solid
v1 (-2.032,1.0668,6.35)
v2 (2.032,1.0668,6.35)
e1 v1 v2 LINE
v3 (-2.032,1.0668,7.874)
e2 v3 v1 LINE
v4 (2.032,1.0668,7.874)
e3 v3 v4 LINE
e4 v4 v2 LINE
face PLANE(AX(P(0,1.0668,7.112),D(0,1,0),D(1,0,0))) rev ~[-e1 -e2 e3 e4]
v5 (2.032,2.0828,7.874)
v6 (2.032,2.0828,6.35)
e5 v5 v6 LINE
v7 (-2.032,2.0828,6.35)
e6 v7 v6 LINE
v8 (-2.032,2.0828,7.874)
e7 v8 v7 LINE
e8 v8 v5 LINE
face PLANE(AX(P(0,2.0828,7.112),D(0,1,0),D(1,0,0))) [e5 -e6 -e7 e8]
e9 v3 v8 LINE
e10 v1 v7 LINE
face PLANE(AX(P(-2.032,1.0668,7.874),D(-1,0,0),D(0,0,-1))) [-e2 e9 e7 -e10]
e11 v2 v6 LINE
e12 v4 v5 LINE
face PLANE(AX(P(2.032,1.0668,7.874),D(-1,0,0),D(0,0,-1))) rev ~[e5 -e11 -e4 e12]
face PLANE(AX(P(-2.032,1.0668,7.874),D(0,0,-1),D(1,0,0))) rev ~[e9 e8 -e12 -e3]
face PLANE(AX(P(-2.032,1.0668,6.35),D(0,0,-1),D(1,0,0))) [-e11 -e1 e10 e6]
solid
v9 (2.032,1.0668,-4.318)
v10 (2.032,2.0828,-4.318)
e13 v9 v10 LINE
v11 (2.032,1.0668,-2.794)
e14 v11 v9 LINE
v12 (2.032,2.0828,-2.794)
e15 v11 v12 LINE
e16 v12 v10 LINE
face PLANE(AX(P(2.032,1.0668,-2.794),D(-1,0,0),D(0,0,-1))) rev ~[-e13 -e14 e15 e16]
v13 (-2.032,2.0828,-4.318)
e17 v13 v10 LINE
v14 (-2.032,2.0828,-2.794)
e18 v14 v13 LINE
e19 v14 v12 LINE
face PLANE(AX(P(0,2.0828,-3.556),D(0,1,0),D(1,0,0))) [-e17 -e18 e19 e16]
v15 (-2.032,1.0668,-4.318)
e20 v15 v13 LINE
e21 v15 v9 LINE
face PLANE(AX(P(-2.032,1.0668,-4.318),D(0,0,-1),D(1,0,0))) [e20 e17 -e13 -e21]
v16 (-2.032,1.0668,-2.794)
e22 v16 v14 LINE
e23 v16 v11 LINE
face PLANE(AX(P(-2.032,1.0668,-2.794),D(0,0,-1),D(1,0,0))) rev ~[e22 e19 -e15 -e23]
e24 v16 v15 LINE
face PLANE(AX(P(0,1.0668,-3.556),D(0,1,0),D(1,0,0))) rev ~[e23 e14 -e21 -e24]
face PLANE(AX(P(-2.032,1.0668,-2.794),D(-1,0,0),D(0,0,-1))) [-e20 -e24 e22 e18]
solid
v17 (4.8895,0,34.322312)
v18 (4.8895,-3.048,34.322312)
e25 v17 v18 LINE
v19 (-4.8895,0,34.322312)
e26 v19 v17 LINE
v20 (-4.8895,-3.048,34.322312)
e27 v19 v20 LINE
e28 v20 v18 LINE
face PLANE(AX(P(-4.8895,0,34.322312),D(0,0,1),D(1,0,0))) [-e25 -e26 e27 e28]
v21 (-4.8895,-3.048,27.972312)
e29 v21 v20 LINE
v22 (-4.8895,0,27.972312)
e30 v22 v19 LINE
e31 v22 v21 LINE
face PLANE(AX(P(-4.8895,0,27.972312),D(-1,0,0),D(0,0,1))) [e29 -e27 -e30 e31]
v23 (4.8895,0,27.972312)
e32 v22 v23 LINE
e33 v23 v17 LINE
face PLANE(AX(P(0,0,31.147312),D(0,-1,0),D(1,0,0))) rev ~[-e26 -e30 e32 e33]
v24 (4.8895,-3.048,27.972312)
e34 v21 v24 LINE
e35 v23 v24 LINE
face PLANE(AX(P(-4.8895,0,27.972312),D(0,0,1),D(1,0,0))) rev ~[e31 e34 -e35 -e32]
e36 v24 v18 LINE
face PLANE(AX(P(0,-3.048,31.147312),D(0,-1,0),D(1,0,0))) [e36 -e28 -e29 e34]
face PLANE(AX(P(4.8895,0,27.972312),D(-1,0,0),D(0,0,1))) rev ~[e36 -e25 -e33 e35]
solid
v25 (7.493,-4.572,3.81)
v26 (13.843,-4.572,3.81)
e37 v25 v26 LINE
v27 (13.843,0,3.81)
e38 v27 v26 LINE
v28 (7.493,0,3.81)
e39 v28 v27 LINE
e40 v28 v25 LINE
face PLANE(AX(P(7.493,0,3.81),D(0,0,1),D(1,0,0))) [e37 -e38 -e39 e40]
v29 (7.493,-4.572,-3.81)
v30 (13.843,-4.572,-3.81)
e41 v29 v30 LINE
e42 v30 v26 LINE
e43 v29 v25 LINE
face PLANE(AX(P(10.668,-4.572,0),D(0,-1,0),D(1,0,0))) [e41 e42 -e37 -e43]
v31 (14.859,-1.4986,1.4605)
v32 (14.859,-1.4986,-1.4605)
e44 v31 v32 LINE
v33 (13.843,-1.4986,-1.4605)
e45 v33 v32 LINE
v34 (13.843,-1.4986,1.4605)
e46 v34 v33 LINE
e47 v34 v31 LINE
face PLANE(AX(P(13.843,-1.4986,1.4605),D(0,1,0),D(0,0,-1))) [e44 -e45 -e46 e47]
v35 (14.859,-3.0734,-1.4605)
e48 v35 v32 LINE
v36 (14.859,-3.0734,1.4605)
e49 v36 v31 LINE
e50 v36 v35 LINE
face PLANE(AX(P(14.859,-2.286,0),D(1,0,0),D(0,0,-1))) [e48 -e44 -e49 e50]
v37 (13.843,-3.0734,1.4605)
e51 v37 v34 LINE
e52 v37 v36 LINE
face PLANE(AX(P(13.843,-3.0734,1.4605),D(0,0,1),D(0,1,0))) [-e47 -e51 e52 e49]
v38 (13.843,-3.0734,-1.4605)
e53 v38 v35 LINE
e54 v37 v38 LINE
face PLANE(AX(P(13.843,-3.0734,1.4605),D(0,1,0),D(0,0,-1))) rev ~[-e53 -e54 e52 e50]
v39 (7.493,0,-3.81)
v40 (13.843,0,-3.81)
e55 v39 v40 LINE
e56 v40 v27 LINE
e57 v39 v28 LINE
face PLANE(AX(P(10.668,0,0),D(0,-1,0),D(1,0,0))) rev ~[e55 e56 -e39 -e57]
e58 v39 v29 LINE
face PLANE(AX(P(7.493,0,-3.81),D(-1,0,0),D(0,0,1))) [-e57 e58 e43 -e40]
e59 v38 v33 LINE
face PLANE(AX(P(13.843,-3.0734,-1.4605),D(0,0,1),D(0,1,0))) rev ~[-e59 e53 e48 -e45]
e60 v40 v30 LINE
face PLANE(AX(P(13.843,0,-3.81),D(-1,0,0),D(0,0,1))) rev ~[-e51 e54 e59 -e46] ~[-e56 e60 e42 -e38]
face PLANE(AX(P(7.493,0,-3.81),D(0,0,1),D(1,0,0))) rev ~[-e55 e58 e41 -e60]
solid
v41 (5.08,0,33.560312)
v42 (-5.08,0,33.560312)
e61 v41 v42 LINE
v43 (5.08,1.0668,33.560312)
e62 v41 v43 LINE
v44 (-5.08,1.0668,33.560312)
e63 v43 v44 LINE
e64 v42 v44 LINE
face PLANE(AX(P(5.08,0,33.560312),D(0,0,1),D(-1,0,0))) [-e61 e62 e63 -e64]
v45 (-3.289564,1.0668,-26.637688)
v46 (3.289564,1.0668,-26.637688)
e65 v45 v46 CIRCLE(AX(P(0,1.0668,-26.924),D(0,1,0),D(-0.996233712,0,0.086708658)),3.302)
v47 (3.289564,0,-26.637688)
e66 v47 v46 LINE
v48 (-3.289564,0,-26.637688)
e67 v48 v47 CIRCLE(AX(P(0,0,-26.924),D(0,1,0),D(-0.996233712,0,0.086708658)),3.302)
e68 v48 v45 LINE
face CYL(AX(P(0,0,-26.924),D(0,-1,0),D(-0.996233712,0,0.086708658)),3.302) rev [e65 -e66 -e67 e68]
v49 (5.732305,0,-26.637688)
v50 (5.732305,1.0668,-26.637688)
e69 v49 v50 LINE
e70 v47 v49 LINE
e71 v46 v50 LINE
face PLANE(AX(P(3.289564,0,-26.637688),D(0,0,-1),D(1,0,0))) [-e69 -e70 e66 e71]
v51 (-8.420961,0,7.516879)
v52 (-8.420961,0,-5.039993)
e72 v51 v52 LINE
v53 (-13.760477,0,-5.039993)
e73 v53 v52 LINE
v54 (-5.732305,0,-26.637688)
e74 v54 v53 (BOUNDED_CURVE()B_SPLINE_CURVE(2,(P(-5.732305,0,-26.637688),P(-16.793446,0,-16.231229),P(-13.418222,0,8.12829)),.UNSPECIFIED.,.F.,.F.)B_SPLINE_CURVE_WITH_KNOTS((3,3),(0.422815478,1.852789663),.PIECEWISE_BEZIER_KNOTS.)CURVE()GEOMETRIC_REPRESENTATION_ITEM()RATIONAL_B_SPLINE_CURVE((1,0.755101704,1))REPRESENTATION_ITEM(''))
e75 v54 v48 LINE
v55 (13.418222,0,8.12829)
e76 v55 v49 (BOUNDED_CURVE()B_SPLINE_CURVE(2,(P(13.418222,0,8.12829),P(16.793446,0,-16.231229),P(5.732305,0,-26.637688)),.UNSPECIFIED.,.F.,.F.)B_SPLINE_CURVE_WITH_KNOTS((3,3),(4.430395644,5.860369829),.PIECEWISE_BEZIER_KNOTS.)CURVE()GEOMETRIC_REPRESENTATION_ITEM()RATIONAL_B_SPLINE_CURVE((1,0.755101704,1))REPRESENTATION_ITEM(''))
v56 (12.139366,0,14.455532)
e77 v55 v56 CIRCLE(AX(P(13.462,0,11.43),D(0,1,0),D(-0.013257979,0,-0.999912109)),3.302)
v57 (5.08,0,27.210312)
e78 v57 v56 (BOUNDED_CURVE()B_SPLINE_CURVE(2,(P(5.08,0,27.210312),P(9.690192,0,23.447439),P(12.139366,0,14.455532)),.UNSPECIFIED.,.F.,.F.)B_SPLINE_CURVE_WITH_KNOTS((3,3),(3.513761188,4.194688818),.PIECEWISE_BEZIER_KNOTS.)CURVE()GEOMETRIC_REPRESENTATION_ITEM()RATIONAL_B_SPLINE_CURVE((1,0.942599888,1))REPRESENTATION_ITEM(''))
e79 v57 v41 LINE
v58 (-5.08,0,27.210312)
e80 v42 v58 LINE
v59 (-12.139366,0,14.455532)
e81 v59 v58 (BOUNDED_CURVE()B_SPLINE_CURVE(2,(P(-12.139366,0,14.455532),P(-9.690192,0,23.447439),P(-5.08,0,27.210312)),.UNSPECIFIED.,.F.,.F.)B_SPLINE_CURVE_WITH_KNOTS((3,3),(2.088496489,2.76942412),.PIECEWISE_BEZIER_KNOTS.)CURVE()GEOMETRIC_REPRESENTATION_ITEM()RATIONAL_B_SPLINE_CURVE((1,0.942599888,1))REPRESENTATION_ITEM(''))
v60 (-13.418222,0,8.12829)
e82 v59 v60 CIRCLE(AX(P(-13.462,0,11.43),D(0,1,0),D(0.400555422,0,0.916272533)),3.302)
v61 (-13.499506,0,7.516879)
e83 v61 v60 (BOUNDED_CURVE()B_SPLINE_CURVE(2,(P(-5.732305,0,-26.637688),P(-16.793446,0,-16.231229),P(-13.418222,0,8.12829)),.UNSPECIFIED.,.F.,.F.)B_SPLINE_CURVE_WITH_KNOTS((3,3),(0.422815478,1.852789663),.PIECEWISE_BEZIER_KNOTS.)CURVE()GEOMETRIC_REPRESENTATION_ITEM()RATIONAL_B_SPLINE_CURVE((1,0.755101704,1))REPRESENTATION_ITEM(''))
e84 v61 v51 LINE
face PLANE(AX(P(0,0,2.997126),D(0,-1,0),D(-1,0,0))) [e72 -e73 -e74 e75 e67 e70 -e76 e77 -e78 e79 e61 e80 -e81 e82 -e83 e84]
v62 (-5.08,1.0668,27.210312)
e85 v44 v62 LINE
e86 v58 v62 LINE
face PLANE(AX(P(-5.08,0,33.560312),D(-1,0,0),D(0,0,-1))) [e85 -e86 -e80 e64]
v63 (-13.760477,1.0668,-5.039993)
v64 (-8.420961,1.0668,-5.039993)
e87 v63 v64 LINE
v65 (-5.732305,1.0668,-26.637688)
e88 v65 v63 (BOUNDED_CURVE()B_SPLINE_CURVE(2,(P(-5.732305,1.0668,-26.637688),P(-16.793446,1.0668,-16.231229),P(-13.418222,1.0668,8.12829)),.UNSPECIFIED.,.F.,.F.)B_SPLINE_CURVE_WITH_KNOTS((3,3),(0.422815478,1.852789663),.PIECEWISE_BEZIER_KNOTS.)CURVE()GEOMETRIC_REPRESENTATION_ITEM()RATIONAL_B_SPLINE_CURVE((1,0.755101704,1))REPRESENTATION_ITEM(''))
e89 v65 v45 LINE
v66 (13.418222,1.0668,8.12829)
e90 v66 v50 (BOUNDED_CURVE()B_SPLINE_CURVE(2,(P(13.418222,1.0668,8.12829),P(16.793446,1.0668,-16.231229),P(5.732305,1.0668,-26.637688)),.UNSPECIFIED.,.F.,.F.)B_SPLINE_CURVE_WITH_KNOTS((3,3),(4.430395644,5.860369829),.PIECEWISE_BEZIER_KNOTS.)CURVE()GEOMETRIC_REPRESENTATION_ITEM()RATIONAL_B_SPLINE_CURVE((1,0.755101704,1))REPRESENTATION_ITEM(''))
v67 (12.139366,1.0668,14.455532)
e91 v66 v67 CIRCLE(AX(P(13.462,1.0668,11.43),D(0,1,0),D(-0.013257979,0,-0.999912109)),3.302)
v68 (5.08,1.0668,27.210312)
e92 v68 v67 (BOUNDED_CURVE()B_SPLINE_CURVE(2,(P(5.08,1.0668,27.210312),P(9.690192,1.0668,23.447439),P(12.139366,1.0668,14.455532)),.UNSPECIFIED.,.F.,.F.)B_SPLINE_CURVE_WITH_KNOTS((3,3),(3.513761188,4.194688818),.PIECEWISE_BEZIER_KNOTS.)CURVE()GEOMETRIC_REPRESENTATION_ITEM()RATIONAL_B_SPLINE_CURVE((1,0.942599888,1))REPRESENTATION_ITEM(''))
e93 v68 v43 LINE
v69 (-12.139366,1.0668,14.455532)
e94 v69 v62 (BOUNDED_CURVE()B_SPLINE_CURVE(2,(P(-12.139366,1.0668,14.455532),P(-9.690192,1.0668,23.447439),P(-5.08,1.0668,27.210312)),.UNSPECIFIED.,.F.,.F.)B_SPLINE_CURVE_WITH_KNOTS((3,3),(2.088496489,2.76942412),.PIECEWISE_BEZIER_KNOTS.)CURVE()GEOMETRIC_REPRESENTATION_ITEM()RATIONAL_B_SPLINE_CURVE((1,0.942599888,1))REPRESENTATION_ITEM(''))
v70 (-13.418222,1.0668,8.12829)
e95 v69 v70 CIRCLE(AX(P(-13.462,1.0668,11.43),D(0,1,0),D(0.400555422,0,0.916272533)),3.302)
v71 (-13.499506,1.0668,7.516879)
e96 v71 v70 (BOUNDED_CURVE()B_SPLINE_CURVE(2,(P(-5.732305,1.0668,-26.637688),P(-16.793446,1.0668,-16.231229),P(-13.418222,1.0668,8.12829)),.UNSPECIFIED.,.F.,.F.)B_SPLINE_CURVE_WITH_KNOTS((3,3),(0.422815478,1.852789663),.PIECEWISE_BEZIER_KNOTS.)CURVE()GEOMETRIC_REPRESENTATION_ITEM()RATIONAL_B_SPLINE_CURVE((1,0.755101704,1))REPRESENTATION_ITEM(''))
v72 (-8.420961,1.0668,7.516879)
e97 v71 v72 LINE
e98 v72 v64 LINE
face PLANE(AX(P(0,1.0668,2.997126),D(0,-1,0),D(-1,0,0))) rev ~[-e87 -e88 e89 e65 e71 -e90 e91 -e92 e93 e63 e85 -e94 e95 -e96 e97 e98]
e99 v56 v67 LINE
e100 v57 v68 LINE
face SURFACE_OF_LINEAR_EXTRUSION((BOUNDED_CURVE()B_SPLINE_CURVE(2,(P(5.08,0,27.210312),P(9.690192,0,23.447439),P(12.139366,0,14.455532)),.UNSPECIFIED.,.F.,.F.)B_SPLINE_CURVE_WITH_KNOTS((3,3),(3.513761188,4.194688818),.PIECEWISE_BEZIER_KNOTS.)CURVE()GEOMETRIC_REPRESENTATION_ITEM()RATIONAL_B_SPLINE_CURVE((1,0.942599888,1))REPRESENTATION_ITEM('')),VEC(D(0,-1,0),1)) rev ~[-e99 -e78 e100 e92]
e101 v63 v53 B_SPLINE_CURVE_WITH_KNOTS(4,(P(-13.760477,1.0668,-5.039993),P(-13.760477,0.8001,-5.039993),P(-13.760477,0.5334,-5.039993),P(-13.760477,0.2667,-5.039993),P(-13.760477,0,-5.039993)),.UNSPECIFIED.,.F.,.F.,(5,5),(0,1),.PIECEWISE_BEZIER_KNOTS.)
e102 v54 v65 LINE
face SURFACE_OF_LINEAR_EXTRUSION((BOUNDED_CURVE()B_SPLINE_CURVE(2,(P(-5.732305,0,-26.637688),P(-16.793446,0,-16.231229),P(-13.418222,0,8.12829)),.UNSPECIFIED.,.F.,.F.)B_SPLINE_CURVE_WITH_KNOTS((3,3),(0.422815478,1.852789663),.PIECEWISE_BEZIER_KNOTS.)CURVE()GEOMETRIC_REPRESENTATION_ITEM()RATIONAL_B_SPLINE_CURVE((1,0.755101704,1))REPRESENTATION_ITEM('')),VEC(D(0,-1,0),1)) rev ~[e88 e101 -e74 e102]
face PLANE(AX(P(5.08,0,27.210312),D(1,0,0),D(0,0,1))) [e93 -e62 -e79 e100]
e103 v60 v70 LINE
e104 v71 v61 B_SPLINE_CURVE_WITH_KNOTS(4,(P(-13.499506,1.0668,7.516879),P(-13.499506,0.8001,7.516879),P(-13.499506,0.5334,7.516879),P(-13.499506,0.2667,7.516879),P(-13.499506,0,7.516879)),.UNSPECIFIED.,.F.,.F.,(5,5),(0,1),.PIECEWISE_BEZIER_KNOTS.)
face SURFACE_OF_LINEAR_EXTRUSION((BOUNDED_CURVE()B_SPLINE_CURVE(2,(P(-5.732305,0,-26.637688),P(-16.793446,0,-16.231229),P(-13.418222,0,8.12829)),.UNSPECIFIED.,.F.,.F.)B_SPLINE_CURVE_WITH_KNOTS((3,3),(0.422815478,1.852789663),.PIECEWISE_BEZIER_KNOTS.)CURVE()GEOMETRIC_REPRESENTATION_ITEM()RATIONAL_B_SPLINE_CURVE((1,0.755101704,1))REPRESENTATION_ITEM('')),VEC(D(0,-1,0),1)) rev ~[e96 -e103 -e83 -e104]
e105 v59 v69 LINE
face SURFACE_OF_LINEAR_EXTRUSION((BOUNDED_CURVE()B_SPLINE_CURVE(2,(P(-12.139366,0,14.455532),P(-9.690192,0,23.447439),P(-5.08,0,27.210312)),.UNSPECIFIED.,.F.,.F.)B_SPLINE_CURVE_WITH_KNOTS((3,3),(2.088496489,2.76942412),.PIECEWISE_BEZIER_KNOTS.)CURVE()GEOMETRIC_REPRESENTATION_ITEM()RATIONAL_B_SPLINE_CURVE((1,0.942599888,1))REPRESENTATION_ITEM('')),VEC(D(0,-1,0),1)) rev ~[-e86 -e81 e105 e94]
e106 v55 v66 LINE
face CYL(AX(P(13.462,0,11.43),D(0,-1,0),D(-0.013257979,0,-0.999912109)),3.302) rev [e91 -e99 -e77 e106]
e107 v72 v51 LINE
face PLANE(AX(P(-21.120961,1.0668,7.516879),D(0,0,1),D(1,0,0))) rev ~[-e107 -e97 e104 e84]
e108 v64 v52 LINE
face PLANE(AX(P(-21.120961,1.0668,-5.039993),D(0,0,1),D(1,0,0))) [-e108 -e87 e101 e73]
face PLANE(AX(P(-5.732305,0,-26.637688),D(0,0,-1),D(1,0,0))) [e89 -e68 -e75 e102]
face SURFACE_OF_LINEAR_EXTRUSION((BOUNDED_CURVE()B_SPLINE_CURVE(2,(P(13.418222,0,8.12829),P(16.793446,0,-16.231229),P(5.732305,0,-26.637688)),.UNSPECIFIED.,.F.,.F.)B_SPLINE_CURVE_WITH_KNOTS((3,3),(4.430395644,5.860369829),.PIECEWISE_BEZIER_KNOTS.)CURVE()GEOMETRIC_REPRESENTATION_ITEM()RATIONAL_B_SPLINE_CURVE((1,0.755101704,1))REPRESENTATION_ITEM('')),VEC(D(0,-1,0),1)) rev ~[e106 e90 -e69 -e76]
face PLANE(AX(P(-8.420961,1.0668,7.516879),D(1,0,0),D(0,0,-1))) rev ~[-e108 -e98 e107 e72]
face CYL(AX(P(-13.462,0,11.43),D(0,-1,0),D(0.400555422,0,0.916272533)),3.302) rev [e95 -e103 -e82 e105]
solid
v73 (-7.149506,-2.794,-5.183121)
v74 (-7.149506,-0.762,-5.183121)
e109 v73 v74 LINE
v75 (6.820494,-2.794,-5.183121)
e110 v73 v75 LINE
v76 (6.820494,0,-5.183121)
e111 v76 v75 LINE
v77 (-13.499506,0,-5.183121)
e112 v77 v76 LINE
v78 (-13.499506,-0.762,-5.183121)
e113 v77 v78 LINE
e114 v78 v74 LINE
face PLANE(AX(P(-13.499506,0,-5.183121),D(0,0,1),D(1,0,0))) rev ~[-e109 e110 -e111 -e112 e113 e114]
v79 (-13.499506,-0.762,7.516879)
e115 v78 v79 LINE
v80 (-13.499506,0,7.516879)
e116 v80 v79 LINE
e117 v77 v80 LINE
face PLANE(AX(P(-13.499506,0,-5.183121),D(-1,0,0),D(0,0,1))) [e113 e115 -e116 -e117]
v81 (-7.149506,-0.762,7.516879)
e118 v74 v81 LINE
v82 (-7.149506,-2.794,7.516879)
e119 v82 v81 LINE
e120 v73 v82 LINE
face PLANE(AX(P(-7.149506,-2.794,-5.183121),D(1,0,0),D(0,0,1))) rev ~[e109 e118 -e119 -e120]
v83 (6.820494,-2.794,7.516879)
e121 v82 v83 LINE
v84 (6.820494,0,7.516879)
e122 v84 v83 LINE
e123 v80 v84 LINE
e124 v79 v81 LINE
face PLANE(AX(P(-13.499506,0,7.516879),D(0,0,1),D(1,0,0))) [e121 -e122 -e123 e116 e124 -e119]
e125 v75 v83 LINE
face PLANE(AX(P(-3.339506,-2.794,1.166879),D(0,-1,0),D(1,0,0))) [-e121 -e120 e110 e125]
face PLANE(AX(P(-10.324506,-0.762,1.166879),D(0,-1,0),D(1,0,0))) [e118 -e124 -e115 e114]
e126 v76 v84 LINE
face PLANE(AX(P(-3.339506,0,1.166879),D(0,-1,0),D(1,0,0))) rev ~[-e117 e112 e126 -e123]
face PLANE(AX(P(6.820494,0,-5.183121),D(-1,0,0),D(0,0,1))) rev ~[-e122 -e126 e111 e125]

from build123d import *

# Parameters (mm, degrees)
BAREBOARD_DEPTH       = 1.0668
SKETCH2_W             = 9.779
SKETCH2_H             = 6.35
USB_DEPTH             = 3.048
SKETCH3_W             = 4.064
SKETCH3_H             = 1.524
SIDEFIRE_LEDS_DEPTH   = 1.016
SIDEFIRE_LEDS_2_DEPTH = 1.016
SKETCH4_W             = 20.32
SKETCH4_H             = 12.7
BLE_RADIO_DEPTH       = 2.794
SKETCH5_W             = 6.35
SKETCH5_H             = 12.7
CUT_EXTRUDE1_DEPTH    = 2.032
SKETCH6_W             = 12.7
SKETCH6_H             = 12.556872392
CUT_EXTRUDE2_DEPTH    = 1.0668
SKETCH7_W             = 6.35
SKETCH7_H             = 7.62
BOSS_EXTRUDE1_DEPTH   = 4.572
SKETCH8_W             = 2.921
SKETCH8_H             = 1.5748
BOSS_EXTRUDE2_DEPTH   = 1.016


with BuildPart() as part:
    # Sketch1 → BareBoard (new body)
    with BuildSketch(Plane(origin=(0, 0, 0), x_dir=(1, 0, 0), z_dir=(0, 1, 0))):
        with BuildLine():
            Line((-5.73230473, 26.637688011), (-3.289563717, 26.637688011))
            ThreePointArc((-3.289563717, 26.637688011), (0, 23.622), (3.289563717, 26.637688011))
            Line((3.289563717, 26.637688011), (5.73230473, 26.637688011))
            add(Edge.make_bspline(
                [(13.418222154, -8.128290216), (16.793446356, 16.231228563), (5.73230473, 26.637688011)],
                knots=[4.430395644, 4.430395644, 4.430395644, 5.860369829, 5.860369829, 5.860369829], degree=2, weights=[1, 0.755101704, 1]))
            ThreePointArc((13.418222154, -8.128290216), (10.225448258, -10.775831196), (12.139365996, -14.455531902))
            add(Edge.make_bspline(
                [(5.08, -27.210311989), (9.690192264, -23.447439252), (12.139365996, -14.455531902)],
                knots=[3.513761188, 3.513761188, 3.513761188, 4.194688818, 4.194688818, 4.194688818], degree=2, weights=[1, 0.942599888, 1]))
            Line((5.08, -27.210311989), (5.08, -33.560311989))
            Line((5.08, -33.560311989), (-5.08, -33.560311989))
            Line((-5.08, -33.560311989), (-5.08, -27.210311989))
            add(Edge.make_bspline(
                [(-12.139365996, -14.455531902), (-9.690192264, -23.447439252), (-5.08, -27.210311989)],
                knots=[2.088496489, 2.088496489, 2.088496489, 2.76942412, 2.76942412, 2.76942412], degree=2, weights=[1, 0.942599888, 1]))
            ThreePointArc((-12.139365996, -14.455531902), (-10.225448258, -10.775831196), (-13.418222154, -8.128290216))
            add(Edge.make_bspline(
                [(-5.73230473, 26.637688011), (-16.793446356, 16.231228563), (-13.418222154, -8.128290216)],
                knots=[0.422815478, 0.422815478, 0.422815478, 1.852789663, 1.852789663, 1.852789663], degree=2, weights=[1, 0.755101704, 1]))
        make_face()
    extrude(amount=BAREBOARD_DEPTH)

    # Sketch6 → Cut-Extrude2 (cut)
    with BuildSketch(Plane(origin=(0, 1.0668, 0), x_dir=(1, 0, 0), z_dir=(0, 1, 0))):
        with Locations((-14.770961261, -1.238442872)):
            Rectangle(SKETCH6_W, SKETCH6_H)
    extrude(amount=-CUT_EXTRUDE2_DEPTH, mode=Mode.SUBTRACT)


with BuildPart() as body_2:
    # Sketch2 → USB (new body)
    with BuildSketch(Plane.XZ):
        with Locations((0, 31.147311989)):
            Rectangle(SKETCH2_W, SKETCH2_H)
    extrude(amount=USB_DEPTH)


with BuildPart() as body_3:
    # Sketch3 → SideFire LEDs (new body)
    with BuildSketch(Plane(origin=(0, 1.0668, 0), x_dir=(1, 0, 0), z_dir=(0, 1, 0))):
        with Locations((0, 3.556)):
            Rectangle(SKETCH3_W, SKETCH3_H)
    extrude(amount=SIDEFIRE_LEDS_DEPTH)


with BuildPart() as body_4:
    # Sketch3 → SideFire LEDs 2 (new body)
    with BuildSketch(Plane(origin=(0, 1.0668, 0), x_dir=(1, 0, 0), z_dir=(0, 1, 0))):
        with Locations((0, -7.112)):
            Rectangle(SKETCH3_W, SKETCH3_H)
    extrude(amount=SIDEFIRE_LEDS_2_DEPTH)


with BuildPart() as body_5:
    # Sketch4 → BLE Radio (new body)
    with BuildSketch(Plane.XZ):
        with Locations((-3.339506125, 1.166879068)):
            Rectangle(SKETCH4_W, SKETCH4_H)
    extrude(amount=BLE_RADIO_DEPTH)

    # Sketch5 → Cut-Extrude1 (cut)
    with BuildSketch(Plane.XZ.offset(2.794)):
        with Locations((-10.324506125, 1.166879068)):
            Rectangle(SKETCH5_W, SKETCH5_H)
    extrude(amount=-CUT_EXTRUDE1_DEPTH, mode=Mode.SUBTRACT)


with BuildPart() as body_6:
    # Sketch7 → Boss-Extrude1 (new body)
    with BuildSketch(Plane.XZ):
        with Locations((10.668, 0)):
            Rectangle(SKETCH7_W, SKETCH7_H)
    extrude(amount=BOSS_EXTRUDE1_DEPTH)

    # Sketch8 → Boss-Extrude2 (add)
    with BuildSketch(Plane(origin=(13.843, 0, 0), x_dir=(0, 0, -1), z_dir=(1, 0, 0))):
        with Locations((0, -2.286)):
            Rectangle(SKETCH8_W, SKETCH8_H)
    extrude(amount=BOSS_EXTRUDE2_DEPTH)


solid = Compound([part.part, body_2.part, body_3.part, body_4.part, body_5.part, body_6.part])
